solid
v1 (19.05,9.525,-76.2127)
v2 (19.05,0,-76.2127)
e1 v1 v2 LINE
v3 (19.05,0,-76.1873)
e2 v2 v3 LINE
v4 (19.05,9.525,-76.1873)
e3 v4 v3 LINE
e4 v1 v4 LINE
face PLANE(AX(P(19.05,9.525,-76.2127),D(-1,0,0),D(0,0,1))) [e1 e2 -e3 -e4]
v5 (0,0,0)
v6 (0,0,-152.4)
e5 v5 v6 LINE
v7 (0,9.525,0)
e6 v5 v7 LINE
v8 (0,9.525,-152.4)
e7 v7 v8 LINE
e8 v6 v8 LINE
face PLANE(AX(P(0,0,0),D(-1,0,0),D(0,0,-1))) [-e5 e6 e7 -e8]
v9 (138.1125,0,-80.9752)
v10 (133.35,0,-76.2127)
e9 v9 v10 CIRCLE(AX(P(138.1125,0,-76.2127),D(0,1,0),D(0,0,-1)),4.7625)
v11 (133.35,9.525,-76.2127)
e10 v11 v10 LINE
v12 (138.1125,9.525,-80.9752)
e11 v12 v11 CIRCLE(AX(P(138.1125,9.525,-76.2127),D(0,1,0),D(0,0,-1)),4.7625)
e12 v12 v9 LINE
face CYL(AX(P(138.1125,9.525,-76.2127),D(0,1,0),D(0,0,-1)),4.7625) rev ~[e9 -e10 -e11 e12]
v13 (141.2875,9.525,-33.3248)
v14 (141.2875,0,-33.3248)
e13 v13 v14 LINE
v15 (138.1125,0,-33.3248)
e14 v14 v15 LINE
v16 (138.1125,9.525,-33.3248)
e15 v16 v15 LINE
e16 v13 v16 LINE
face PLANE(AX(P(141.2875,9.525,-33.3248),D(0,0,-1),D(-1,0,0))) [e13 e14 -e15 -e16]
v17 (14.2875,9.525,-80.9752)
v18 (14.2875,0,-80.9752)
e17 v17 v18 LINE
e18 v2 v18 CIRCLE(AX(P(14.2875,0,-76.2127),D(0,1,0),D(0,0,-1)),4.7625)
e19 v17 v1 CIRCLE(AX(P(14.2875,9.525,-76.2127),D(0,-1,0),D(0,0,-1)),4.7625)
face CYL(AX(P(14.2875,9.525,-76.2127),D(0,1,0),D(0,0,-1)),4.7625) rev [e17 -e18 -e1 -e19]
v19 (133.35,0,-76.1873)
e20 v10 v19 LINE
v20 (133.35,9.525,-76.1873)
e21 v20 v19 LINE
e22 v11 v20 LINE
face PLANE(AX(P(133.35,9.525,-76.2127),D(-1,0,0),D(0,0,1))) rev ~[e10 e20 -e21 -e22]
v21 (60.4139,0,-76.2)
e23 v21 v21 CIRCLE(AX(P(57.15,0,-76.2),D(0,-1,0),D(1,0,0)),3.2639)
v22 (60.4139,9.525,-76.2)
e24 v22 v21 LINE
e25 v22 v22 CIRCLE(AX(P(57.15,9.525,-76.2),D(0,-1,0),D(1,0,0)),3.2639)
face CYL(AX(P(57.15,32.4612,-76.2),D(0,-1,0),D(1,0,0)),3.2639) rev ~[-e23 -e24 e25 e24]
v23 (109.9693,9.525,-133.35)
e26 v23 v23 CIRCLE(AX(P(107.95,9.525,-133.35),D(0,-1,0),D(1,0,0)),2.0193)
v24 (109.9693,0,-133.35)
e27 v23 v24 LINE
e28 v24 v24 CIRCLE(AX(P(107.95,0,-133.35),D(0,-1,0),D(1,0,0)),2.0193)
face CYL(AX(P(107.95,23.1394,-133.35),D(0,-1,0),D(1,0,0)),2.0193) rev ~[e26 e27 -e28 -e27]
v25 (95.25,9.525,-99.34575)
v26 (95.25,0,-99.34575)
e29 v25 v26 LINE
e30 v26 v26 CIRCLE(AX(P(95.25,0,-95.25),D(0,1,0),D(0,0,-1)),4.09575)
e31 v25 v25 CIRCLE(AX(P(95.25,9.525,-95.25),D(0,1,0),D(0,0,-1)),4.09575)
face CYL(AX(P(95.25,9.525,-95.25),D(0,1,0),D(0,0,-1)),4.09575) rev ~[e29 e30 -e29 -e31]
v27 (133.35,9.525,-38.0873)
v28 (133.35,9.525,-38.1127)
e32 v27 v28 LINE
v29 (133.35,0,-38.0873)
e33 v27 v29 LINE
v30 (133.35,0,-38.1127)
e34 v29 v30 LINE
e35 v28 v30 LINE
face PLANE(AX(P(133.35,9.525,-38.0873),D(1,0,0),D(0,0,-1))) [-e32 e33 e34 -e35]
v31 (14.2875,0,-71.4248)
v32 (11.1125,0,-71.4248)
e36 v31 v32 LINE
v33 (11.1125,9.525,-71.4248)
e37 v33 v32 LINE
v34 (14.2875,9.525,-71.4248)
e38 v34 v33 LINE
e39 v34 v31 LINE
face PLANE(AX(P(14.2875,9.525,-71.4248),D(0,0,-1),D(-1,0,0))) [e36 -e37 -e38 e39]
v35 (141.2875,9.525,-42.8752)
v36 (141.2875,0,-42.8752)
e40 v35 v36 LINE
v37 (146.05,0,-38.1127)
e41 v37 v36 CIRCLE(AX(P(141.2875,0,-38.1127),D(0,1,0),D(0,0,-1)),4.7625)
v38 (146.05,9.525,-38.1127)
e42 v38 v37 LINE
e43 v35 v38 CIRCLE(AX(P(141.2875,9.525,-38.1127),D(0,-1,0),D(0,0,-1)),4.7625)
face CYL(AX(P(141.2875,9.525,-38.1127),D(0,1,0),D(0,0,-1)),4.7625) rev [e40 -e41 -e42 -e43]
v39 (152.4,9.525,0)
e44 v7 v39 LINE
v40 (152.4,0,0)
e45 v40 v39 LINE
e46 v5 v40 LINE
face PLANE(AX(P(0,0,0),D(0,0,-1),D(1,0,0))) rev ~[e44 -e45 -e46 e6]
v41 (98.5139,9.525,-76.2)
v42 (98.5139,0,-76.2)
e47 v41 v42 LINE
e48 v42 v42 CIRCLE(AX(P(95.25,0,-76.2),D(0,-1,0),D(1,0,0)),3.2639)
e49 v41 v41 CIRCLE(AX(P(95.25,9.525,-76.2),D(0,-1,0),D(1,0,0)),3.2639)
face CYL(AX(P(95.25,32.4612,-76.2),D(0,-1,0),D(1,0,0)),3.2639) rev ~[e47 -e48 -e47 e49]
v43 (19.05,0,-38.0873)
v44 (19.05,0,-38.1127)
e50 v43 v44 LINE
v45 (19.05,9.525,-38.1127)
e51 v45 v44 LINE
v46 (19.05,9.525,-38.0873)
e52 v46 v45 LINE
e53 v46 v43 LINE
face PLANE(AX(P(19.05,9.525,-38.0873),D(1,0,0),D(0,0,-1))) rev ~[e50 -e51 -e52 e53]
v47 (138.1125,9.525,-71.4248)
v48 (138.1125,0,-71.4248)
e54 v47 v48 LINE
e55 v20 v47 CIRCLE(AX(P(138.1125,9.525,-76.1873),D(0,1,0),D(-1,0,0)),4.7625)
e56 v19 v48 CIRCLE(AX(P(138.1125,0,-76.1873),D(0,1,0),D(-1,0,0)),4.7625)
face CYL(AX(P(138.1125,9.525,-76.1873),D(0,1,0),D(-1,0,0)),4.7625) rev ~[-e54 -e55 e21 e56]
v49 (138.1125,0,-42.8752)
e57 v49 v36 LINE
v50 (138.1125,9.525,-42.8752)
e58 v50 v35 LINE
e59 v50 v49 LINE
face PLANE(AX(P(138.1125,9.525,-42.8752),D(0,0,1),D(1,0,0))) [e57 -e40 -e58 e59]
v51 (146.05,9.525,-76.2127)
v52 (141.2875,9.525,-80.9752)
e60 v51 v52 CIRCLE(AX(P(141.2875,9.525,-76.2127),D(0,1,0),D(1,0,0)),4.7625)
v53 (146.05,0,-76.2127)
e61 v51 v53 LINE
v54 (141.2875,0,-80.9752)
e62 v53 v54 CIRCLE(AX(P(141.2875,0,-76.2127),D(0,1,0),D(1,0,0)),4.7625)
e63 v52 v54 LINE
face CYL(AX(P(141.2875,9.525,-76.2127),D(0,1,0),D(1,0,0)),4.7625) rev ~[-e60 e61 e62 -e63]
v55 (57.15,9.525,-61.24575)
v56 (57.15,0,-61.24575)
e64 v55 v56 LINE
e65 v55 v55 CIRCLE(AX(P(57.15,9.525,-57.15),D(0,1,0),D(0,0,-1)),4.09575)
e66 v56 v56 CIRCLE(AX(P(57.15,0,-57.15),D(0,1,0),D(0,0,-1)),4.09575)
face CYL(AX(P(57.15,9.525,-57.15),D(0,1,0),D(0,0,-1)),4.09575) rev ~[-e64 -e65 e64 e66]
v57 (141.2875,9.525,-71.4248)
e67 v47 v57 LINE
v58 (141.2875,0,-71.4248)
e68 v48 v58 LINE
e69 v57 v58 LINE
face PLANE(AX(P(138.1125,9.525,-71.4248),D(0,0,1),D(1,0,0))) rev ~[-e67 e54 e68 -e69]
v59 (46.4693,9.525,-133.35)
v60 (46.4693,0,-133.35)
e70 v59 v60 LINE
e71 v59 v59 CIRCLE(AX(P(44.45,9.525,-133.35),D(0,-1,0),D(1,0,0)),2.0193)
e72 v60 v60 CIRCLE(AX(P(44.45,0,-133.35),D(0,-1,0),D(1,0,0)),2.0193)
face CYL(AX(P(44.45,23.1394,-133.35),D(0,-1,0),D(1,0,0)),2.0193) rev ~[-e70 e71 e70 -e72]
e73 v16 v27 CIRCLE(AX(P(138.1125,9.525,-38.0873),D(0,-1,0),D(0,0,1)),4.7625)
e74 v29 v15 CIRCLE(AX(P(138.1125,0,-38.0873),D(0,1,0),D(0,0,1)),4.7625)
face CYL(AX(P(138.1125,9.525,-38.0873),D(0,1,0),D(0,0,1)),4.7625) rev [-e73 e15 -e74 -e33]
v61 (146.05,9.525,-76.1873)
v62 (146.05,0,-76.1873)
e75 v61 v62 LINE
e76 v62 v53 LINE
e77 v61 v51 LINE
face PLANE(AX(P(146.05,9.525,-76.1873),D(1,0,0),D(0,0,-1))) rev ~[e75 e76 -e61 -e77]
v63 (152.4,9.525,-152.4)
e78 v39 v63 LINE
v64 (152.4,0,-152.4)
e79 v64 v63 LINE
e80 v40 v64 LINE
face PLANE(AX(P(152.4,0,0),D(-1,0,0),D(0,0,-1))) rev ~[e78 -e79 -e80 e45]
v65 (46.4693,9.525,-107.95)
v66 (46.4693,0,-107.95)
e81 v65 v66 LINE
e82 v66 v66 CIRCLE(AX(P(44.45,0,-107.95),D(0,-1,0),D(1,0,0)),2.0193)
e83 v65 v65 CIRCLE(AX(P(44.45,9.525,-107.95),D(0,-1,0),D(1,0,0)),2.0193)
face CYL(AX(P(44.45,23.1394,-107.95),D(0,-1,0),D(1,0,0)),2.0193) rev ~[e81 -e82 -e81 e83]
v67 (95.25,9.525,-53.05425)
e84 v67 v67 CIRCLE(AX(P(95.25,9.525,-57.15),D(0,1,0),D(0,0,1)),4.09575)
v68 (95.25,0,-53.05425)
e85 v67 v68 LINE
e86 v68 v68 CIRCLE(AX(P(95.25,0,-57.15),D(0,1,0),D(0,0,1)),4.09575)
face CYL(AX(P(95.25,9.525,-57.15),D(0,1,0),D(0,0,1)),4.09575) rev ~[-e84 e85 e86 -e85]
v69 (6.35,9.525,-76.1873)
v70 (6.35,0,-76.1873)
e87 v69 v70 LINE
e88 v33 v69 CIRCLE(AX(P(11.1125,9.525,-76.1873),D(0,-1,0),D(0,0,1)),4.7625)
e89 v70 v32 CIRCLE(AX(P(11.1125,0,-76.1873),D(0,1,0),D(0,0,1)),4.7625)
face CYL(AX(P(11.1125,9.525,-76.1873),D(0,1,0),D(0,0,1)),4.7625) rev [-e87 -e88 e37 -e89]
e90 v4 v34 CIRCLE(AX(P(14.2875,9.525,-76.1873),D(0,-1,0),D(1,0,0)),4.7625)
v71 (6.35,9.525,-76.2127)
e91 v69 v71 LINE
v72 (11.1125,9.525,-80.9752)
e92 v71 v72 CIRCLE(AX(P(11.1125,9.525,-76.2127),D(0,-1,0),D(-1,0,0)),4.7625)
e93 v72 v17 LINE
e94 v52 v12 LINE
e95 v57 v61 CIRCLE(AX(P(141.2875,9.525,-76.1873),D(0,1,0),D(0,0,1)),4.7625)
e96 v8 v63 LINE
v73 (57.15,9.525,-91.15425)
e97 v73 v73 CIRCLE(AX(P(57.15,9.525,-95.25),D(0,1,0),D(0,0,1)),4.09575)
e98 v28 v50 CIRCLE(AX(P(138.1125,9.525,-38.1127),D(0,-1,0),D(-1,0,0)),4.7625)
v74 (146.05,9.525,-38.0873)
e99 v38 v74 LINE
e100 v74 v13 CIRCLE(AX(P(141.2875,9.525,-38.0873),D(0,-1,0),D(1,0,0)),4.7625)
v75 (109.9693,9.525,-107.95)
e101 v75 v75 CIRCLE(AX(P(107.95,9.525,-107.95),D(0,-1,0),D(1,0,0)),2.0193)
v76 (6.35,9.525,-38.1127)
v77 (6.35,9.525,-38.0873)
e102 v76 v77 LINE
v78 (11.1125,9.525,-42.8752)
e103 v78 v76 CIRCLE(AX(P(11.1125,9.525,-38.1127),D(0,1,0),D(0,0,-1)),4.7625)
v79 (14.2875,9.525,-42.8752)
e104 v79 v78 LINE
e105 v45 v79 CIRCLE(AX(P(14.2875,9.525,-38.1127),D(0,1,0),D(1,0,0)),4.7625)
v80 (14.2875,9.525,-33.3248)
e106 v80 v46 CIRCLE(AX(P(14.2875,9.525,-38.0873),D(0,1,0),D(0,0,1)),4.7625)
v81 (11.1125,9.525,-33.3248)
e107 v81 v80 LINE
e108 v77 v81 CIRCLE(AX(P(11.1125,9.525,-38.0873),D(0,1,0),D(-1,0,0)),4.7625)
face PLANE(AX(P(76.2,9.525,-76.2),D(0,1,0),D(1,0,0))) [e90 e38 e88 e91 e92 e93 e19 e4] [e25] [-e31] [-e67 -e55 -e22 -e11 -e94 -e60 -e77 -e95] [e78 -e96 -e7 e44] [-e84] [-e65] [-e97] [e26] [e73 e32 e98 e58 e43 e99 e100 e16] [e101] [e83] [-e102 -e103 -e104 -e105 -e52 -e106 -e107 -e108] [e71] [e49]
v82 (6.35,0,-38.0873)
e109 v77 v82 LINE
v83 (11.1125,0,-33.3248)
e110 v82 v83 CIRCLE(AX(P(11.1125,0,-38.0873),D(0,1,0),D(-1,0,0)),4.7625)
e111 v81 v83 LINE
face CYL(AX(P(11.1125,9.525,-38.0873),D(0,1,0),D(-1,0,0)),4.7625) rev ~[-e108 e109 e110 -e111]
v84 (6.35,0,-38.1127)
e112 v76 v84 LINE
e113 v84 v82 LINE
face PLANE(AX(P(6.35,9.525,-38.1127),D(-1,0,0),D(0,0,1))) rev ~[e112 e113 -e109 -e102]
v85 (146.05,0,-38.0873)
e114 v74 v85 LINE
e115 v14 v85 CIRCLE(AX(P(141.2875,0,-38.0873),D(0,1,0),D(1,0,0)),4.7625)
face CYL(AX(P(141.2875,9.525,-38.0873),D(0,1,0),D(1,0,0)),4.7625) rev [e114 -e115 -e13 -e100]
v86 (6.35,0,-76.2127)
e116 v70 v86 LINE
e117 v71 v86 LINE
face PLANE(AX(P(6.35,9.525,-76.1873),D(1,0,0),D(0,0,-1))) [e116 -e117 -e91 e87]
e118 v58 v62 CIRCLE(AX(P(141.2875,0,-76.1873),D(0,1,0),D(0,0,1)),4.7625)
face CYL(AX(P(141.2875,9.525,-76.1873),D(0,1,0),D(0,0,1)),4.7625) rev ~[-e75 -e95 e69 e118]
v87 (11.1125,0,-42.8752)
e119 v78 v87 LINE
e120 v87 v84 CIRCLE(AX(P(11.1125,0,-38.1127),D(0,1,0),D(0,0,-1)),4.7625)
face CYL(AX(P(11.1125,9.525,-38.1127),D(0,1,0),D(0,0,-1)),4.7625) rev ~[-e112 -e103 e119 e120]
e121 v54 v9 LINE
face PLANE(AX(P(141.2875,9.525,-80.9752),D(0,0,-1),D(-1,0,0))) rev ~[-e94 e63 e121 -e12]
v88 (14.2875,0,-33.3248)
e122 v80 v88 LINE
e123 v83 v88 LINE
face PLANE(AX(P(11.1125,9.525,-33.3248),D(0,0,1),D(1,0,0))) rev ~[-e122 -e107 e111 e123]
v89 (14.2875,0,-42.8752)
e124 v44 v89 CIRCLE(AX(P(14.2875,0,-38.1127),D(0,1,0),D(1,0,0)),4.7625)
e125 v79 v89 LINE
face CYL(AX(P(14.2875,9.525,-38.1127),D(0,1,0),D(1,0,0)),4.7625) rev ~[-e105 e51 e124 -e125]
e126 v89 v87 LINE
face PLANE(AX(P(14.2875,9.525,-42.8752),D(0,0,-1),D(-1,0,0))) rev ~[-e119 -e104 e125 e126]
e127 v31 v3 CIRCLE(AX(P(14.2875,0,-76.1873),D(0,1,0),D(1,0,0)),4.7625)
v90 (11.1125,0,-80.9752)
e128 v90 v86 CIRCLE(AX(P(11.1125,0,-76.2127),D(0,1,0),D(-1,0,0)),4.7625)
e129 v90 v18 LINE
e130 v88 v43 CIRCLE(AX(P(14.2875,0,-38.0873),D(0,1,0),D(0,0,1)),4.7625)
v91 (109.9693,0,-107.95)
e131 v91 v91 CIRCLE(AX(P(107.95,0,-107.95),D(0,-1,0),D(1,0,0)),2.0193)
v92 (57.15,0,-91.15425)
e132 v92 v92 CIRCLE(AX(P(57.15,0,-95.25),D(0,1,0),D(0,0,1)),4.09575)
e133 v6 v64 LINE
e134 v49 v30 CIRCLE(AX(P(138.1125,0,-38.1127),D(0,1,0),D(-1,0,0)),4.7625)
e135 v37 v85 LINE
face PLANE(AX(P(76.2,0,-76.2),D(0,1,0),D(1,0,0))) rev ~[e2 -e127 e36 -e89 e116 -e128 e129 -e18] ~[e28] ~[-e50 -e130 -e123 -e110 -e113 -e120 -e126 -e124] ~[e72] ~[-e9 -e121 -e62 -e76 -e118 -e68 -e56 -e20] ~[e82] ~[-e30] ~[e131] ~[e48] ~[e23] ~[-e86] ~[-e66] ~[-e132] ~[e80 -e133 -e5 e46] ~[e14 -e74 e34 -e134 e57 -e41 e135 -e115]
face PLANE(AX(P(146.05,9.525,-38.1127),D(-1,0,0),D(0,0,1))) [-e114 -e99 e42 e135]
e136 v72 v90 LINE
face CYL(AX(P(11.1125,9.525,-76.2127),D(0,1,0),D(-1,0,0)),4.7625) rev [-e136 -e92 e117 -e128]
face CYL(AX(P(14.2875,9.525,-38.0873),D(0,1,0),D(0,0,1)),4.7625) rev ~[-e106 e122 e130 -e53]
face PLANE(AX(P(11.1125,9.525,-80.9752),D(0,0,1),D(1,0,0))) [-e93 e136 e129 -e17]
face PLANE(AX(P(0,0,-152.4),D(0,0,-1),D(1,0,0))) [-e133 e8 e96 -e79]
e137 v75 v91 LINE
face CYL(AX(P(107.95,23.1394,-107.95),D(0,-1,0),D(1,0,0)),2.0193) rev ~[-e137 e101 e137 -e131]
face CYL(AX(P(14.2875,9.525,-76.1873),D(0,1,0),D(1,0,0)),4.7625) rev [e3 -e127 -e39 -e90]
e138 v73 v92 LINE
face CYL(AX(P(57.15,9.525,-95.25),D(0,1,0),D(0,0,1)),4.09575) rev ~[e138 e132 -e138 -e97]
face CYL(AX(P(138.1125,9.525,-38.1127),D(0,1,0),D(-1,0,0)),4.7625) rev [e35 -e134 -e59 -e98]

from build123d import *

# Parameters (mm, degrees)
SKETCH1_W                    = 152.4
SKETCH1_H                    = 152.4
EXTRUDE1_DEPTH               = 9.525
CUT_EXTRUDE1_DEPTH           = 10.525
F_10_32_TAPPED_HOLE1_D       = 4.0386
F_10_32_TAPPED_HOLE1_DEPTH   = 13.6144
F_10_32_TAPPED_HOLE1_TIP     = 1.213317848
SKETCH5_R                    = 4.09575
CUT_EXTRUDE2_DEPTH           = 10.525
F_5_16_18_TAPPED_HOLE1_D     = 6.5278
F_5_16_18_TAPPED_HOLE1_DEPTH = 22.9362
F_5_16_18_TAPPED_HOLE1_TIP   = 1.961148974


with BuildPart() as part:
    # Sketch1 → Extrude1 (new body)
    with BuildSketch(Plane(origin=(0, 0, 0), x_dir=(1, 0, 0), z_dir=(0, 1, 0))):
        with Locations((76.2, 76.2)):
            Rectangle(SKETCH1_W, SKETCH1_H)
    extrude(amount=EXTRUDE1_DEPTH)

    # Sketch2 → Cut-Extrude1 (cut, through all)
    with BuildSketch(Plane(origin=(0, 9.525, 0), x_dir=(1, 0, 0), z_dir=(0, 1, 0))):
        with BuildLine():
            Line((141.2875, 33.3248), (138.1125, 33.3248))
            ThreePointArc((138.1125, 33.3248), (134.744903955, 34.719703955), (133.35, 38.0873))
            Line((133.35, 38.0873), (133.35, 38.1127))
            ThreePointArc((133.35, 38.1127), (134.744903955, 41.480296045), (138.1125, 42.8752))
            Line((138.1125, 42.8752), (141.2875, 42.8752))
            ThreePointArc((141.2875, 42.8752), (144.655096045, 41.480296045), (146.05, 38.1127))
            Line((146.05, 38.1127), (146.05, 38.0873))
            ThreePointArc((146.05, 38.0873), (144.655096045, 34.719703955), (141.2875, 33.3248))
        make_face()
        with BuildLine():
            Line((19.05, 38.0873), (19.05, 38.1127))
            ThreePointArc((19.05, 38.1127), (17.655096045, 41.480296045), (14.2875, 42.8752))
            Line((14.2875, 42.8752), (11.1125, 42.8752))
            ThreePointArc((11.1125, 42.8752), (7.744903955, 41.480296045), (6.35, 38.1127))
            Line((6.35, 38.1127), (6.35, 38.0873))
            ThreePointArc((6.35, 38.0873), (7.744903955, 34.719703955), (11.1125, 33.3248))
            Line((11.1125, 33.3248), (14.2875, 33.3248))
            ThreePointArc((14.2875, 33.3248), (17.655096045, 34.719703955), (19.05, 38.0873))
        make_face()
        with BuildLine():
            Line((11.1125, 80.9752), (14.2875, 80.9752))
            ThreePointArc((14.2875, 80.9752), (17.655096045, 79.580296045), (19.05, 76.2127))
            Line((19.05, 76.2127), (19.05, 76.1873))
            ThreePointArc((19.05, 76.1873), (17.655096045, 72.819703955), (14.2875, 71.4248))
            Line((14.2875, 71.4248), (11.1125, 71.4248))
            ThreePointArc((11.1125, 71.4248), (7.744903955, 72.819703955), (6.35, 76.1873))
            Line((6.35, 76.1873), (6.35, 76.2127))
            ThreePointArc((6.35, 76.2127), (7.744903955, 79.580296045), (11.1125, 80.9752))
        make_face()
        with BuildLine():
            Line((133.35, 76.2127), (133.35, 76.1873))
            ThreePointArc((133.35, 76.1873), (134.744903955, 72.819703955), (138.1125, 71.4248))
            Line((138.1125, 71.4248), (141.2875, 71.4248))
            ThreePointArc((141.2875, 71.4248), (144.655096045, 72.819703955), (146.05, 76.1873))
            Line((146.05, 76.1873), (146.05, 76.2127))
            ThreePointArc((146.05, 76.2127), (144.655096045, 79.580296045), (141.2875, 80.9752))
            Line((141.2875, 80.9752), (138.1125, 80.9752))
            ThreePointArc((138.1125, 80.9752), (134.744903955, 79.580296045), (133.35, 76.2127))
        make_face()
    extrude(amount=-CUT_EXTRUDE1_DEPTH, mode=Mode.SUBTRACT)

    # #10-32 Tapped Hole1
    with Locations(Plane(origin=(0, 9.525, 0), x_dir=(-1, 0, 0), z_dir=(0, 1, 0))):
        with Locations((-44.45, -107.95), (-107.95, -107.95), (-107.95, -133.35), (-44.45, -133.35)):
            Hole(F_10_32_TAPPED_HOLE1_D / 2, depth=F_10_32_TAPPED_HOLE1_DEPTH)
            with Locations((0, 0, -(F_10_32_TAPPED_HOLE1_DEPTH + F_10_32_TAPPED_HOLE1_TIP / 2))):  # 118° drill point
                Cone(0, F_10_32_TAPPED_HOLE1_D / 2, F_10_32_TAPPED_HOLE1_TIP, mode=Mode.SUBTRACT)

    # Sketch5 → Cut-Extrude2 (cut, through all)
    with BuildSketch(Plane(origin=(0, 9.525, 0), x_dir=(1, 0, 0), z_dir=(0, 1, 0))):
        with Locations(Location((57.15, 95.25, 0), (0, 0, 270))):  # turned: the seam where the file's is
            Circle(SKETCH5_R)
        with Locations(Location((95.25, 95.25, 0), (0, 0, 90))):  # turned: the seam where the file's is
            Circle(SKETCH5_R)
        with Locations(Location((57.15, 57.15, 0), (0, 0, 90))):  # turned: the seam where the file's is
            Circle(SKETCH5_R)
        with Locations(Location((95.25, 57.15, 0), (0, 0, 270))):  # turned: the seam where the file's is
            Circle(SKETCH5_R)
    extrude(amount=-CUT_EXTRUDE2_DEPTH, mode=Mode.SUBTRACT)

    # 5/16-18 Tapped Hole1
    with Locations(Plane(origin=(0, 9.525, 0), x_dir=(-1, 0, 0), z_dir=(0, 1, 0))):
        with Locations((-57.15, -76.2), (-95.25, -76.2)):
            Hole(F_5_16_18_TAPPED_HOLE1_D / 2, depth=F_5_16_18_TAPPED_HOLE1_DEPTH)
            with Locations((0, 0, -(F_5_16_18_TAPPED_HOLE1_DEPTH + F_5_16_18_TAPPED_HOLE1_TIP / 2))):  # 118° drill point
                Cone(0, F_5_16_18_TAPPED_HOLE1_D / 2, F_5_16_18_TAPPED_HOLE1_TIP, mode=Mode.SUBTRACT)


solid = part.part
